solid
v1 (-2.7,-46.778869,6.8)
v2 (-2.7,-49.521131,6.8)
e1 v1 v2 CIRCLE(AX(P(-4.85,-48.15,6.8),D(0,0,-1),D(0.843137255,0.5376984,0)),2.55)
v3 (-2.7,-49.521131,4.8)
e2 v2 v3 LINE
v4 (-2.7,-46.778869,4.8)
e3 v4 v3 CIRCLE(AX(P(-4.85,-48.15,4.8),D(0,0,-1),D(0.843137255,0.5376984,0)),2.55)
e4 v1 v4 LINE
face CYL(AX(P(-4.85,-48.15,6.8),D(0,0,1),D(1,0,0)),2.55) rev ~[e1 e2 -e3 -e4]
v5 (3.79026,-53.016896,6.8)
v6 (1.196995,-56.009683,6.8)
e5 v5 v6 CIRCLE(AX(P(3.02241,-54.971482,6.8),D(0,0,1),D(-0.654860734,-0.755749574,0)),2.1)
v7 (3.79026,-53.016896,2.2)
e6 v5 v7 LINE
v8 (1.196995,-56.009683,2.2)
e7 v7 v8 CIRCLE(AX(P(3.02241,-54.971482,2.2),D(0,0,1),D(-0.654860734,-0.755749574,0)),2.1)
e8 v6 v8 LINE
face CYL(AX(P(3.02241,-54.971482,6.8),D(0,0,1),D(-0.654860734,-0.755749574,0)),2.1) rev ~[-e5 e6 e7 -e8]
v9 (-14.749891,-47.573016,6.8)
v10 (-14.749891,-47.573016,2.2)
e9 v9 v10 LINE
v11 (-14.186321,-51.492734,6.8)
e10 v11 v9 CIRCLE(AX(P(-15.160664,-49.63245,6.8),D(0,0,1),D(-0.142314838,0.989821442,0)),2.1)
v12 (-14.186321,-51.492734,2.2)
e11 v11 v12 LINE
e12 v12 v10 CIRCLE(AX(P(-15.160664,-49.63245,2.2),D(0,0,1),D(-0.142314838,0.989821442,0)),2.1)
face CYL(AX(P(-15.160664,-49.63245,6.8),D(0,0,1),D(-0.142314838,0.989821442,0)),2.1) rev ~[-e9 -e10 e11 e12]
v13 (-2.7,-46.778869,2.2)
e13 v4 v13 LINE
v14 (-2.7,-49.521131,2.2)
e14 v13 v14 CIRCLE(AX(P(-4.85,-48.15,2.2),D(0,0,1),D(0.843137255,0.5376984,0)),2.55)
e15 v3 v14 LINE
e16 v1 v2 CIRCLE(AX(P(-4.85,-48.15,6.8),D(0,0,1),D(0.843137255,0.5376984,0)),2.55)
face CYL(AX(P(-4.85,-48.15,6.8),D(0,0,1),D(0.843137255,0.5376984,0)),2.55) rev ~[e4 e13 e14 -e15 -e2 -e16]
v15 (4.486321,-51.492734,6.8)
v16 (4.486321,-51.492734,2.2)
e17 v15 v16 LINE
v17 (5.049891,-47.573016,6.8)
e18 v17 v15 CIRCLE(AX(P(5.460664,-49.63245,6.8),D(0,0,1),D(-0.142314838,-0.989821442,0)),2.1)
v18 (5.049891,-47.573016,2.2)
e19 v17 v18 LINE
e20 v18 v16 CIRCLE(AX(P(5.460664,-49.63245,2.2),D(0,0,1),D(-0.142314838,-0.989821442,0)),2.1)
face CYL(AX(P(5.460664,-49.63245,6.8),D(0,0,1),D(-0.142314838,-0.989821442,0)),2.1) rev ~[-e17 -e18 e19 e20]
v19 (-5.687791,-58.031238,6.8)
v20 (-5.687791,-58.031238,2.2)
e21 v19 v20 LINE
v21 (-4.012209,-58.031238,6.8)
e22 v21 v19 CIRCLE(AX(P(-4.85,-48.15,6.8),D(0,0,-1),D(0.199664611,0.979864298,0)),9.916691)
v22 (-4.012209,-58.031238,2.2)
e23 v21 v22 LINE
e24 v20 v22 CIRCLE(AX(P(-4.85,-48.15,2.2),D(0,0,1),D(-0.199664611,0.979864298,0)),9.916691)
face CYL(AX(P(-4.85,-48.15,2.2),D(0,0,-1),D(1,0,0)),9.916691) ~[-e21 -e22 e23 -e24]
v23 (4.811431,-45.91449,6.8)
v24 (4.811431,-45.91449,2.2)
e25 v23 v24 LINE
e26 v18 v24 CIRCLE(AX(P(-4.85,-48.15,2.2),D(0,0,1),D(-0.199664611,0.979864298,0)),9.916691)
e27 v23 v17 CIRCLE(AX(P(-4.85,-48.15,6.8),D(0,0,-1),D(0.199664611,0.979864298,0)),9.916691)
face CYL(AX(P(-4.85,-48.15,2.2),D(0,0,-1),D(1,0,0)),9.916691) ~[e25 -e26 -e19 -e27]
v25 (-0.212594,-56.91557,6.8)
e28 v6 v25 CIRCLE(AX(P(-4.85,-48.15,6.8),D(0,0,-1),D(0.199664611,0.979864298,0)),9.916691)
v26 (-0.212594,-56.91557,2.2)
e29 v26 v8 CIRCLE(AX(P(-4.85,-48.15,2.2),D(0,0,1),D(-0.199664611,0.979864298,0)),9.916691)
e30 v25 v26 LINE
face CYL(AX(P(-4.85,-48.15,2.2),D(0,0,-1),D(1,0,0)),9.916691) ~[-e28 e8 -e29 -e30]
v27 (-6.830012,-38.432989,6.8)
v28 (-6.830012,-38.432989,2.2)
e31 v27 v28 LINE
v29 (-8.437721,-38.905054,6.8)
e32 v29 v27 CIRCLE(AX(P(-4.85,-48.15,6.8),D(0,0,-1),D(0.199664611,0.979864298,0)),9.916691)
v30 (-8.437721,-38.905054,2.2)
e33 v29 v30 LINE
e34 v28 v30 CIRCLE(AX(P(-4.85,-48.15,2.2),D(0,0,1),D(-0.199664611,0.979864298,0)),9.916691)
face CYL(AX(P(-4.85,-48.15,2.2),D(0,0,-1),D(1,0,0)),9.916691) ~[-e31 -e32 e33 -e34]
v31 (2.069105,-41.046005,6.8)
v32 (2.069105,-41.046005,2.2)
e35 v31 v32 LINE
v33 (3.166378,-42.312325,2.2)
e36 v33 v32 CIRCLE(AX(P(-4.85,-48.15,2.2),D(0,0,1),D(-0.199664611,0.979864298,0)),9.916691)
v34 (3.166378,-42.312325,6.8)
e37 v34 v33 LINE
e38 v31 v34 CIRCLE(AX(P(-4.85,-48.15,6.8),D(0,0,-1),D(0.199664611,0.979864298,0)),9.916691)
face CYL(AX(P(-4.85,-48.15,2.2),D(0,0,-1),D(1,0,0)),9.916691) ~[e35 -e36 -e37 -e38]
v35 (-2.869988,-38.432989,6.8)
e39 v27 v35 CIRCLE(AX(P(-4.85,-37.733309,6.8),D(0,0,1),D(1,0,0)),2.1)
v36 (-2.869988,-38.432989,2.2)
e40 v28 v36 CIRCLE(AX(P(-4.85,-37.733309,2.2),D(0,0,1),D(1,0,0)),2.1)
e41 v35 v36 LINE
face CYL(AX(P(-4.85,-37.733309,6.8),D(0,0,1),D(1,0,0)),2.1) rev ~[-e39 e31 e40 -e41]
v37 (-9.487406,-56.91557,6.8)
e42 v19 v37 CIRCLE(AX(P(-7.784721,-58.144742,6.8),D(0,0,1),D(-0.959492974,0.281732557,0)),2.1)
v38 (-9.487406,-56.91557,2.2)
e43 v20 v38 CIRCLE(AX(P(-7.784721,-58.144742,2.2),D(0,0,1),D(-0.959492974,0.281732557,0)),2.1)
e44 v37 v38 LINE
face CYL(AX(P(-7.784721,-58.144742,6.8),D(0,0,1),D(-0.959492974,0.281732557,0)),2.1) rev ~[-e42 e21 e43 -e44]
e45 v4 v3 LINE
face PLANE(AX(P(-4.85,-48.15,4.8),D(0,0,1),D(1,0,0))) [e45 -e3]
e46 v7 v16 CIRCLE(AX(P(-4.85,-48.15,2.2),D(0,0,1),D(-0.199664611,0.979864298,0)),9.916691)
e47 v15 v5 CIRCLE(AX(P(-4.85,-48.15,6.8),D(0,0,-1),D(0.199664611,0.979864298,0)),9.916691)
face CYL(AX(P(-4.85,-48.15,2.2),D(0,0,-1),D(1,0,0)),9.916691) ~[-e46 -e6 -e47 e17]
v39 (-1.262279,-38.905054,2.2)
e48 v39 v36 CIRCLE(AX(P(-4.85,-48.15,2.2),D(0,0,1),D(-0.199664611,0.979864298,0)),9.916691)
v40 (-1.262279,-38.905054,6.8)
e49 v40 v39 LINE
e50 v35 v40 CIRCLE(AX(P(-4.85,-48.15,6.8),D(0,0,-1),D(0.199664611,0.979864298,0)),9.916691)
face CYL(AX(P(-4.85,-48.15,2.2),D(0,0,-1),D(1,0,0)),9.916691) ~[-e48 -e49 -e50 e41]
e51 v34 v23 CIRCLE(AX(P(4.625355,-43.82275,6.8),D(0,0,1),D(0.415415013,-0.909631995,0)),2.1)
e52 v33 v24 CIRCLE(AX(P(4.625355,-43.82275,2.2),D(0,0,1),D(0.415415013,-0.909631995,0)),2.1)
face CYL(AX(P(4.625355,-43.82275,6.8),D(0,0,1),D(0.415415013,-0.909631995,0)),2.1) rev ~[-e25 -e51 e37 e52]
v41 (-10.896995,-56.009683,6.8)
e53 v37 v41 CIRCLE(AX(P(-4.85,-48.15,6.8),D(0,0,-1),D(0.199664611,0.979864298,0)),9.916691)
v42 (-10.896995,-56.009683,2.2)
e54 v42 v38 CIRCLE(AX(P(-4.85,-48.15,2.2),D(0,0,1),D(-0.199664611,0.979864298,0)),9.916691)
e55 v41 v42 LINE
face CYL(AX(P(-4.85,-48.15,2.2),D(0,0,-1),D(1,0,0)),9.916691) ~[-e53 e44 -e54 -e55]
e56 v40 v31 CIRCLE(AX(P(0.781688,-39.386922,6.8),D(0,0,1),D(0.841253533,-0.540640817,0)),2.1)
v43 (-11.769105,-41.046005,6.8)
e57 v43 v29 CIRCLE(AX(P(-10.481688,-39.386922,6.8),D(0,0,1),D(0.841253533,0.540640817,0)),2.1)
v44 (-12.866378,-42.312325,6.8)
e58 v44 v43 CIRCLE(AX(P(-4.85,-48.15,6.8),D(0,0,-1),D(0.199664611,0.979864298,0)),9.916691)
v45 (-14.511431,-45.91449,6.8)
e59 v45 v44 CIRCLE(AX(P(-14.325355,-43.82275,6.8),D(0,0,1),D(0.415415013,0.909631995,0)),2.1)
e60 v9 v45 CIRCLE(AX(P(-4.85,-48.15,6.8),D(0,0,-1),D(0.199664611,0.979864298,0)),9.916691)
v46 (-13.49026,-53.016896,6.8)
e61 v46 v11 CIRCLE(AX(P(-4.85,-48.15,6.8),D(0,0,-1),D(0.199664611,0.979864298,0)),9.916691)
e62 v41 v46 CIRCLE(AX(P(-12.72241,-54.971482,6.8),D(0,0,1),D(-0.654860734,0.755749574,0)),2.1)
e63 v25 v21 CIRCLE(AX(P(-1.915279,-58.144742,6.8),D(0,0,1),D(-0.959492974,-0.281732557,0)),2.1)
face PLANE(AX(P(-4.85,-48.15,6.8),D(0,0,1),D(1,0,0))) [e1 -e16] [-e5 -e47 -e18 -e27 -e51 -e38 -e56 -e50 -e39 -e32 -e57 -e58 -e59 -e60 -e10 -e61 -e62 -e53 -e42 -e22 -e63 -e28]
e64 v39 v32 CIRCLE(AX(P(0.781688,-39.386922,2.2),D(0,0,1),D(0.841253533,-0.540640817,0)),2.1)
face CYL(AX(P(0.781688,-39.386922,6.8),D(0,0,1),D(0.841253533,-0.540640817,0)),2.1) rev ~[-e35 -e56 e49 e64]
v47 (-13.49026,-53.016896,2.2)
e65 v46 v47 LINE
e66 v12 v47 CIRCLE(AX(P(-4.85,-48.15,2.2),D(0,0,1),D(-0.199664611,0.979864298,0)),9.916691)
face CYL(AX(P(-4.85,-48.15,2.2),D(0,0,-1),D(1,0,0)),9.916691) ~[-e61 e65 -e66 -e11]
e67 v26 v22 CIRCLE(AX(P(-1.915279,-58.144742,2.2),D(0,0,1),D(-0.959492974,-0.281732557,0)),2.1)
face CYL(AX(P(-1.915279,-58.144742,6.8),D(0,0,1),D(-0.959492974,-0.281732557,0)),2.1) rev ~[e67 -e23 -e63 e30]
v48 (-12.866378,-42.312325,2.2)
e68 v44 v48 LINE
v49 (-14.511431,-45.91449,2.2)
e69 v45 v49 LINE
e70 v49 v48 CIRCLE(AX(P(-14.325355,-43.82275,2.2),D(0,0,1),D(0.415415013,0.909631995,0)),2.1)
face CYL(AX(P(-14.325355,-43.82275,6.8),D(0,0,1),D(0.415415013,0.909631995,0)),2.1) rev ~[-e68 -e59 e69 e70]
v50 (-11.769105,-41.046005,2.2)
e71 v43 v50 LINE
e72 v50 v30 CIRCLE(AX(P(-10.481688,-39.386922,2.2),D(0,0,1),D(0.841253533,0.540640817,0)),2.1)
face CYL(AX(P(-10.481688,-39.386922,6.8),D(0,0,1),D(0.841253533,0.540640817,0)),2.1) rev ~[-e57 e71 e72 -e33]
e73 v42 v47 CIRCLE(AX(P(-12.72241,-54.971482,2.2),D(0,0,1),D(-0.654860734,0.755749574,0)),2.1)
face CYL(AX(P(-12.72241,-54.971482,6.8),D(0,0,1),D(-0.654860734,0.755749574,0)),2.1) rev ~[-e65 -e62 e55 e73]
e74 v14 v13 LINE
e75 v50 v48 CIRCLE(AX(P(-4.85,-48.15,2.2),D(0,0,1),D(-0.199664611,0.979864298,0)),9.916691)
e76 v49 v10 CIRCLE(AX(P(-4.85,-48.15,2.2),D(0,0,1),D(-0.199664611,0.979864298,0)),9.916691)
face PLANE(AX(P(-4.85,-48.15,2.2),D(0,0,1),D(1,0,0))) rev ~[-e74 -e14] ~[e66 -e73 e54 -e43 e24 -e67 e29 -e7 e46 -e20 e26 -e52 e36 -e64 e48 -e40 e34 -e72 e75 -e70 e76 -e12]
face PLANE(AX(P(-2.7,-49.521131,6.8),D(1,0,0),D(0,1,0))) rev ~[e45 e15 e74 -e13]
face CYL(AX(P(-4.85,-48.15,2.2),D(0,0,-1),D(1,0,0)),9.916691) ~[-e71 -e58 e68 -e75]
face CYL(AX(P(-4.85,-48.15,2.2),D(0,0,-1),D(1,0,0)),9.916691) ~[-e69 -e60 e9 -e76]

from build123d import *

# Parameters (mm, degrees)
SKETCH024_R           = 9.9166910254
PAD016_DEPTH          = 4.6
SKETCH025_R           = 2.1
POCKET004_DEPTH       = 61.4476740325
POLARPATTERN001_COUNT = 11
POCKET005_DEPTH       = 4.601
SKETCH037_R           = 2.55
POCKET012_DEPTH       = 2


with BuildPart() as part:
    # Sketch024 → Pad016 (new body)
    with BuildSketch(Plane.XY):
        Circle(SKETCH024_R)
    extrude(amount=PAD016_DEPTH)

    # Sketch025 (on Face3 of Pad016) → Pocket004 (cut, through all)
    with BuildSketch(Plane.XY.offset(4.6)):
        with Locations((0, 10.4166910254)):
            Circle(SKETCH025_R)
    pocket004 = extrude(amount=-POCKET004_DEPTH, mode=Mode.SUBTRACT)

    # PolarPattern001: Pocket004 ×11 about axis
    polarpattern001_axis = Axis((0, 0, 4.6), (0, 0, 1))
    for i in range(1, POLARPATTERN001_COUNT):
        add(pocket004.rotate(polarpattern001_axis, i * 360 / POLARPATTERN001_COUNT), mode=Mode.SUBTRACT)

    # Sketch026 (on Face4 of PolarPattern001) → Pocket005 (cut, through all)
    with BuildSketch(Plane.XY.offset(4.6)):
        with BuildLine():
            ThreePointArc((2.15, 1.3711309201), (-2.55, 0), (2.15, -1.3711309201))
            Line((2.15, -1.3711309201), (2.15, 1.3711309201))
        make_face()
    extrude(amount=-POCKET005_DEPTH, mode=Mode.SUBTRACT)

    # Sketch037 (on Face4 of Pocket005) → Pocket012 (cut)
    with BuildSketch(Plane.XY.offset(4.6)):
        Circle(SKETCH037_R)
    extrude(amount=-POCKET012_DEPTH, mode=Mode.SUBTRACT)


with BuildPart() as part_1:
    # Body004 placement: moved
    add(part.part.moved(Location((-4.85, -48.15, 2.2))))


solid = part_1.part
